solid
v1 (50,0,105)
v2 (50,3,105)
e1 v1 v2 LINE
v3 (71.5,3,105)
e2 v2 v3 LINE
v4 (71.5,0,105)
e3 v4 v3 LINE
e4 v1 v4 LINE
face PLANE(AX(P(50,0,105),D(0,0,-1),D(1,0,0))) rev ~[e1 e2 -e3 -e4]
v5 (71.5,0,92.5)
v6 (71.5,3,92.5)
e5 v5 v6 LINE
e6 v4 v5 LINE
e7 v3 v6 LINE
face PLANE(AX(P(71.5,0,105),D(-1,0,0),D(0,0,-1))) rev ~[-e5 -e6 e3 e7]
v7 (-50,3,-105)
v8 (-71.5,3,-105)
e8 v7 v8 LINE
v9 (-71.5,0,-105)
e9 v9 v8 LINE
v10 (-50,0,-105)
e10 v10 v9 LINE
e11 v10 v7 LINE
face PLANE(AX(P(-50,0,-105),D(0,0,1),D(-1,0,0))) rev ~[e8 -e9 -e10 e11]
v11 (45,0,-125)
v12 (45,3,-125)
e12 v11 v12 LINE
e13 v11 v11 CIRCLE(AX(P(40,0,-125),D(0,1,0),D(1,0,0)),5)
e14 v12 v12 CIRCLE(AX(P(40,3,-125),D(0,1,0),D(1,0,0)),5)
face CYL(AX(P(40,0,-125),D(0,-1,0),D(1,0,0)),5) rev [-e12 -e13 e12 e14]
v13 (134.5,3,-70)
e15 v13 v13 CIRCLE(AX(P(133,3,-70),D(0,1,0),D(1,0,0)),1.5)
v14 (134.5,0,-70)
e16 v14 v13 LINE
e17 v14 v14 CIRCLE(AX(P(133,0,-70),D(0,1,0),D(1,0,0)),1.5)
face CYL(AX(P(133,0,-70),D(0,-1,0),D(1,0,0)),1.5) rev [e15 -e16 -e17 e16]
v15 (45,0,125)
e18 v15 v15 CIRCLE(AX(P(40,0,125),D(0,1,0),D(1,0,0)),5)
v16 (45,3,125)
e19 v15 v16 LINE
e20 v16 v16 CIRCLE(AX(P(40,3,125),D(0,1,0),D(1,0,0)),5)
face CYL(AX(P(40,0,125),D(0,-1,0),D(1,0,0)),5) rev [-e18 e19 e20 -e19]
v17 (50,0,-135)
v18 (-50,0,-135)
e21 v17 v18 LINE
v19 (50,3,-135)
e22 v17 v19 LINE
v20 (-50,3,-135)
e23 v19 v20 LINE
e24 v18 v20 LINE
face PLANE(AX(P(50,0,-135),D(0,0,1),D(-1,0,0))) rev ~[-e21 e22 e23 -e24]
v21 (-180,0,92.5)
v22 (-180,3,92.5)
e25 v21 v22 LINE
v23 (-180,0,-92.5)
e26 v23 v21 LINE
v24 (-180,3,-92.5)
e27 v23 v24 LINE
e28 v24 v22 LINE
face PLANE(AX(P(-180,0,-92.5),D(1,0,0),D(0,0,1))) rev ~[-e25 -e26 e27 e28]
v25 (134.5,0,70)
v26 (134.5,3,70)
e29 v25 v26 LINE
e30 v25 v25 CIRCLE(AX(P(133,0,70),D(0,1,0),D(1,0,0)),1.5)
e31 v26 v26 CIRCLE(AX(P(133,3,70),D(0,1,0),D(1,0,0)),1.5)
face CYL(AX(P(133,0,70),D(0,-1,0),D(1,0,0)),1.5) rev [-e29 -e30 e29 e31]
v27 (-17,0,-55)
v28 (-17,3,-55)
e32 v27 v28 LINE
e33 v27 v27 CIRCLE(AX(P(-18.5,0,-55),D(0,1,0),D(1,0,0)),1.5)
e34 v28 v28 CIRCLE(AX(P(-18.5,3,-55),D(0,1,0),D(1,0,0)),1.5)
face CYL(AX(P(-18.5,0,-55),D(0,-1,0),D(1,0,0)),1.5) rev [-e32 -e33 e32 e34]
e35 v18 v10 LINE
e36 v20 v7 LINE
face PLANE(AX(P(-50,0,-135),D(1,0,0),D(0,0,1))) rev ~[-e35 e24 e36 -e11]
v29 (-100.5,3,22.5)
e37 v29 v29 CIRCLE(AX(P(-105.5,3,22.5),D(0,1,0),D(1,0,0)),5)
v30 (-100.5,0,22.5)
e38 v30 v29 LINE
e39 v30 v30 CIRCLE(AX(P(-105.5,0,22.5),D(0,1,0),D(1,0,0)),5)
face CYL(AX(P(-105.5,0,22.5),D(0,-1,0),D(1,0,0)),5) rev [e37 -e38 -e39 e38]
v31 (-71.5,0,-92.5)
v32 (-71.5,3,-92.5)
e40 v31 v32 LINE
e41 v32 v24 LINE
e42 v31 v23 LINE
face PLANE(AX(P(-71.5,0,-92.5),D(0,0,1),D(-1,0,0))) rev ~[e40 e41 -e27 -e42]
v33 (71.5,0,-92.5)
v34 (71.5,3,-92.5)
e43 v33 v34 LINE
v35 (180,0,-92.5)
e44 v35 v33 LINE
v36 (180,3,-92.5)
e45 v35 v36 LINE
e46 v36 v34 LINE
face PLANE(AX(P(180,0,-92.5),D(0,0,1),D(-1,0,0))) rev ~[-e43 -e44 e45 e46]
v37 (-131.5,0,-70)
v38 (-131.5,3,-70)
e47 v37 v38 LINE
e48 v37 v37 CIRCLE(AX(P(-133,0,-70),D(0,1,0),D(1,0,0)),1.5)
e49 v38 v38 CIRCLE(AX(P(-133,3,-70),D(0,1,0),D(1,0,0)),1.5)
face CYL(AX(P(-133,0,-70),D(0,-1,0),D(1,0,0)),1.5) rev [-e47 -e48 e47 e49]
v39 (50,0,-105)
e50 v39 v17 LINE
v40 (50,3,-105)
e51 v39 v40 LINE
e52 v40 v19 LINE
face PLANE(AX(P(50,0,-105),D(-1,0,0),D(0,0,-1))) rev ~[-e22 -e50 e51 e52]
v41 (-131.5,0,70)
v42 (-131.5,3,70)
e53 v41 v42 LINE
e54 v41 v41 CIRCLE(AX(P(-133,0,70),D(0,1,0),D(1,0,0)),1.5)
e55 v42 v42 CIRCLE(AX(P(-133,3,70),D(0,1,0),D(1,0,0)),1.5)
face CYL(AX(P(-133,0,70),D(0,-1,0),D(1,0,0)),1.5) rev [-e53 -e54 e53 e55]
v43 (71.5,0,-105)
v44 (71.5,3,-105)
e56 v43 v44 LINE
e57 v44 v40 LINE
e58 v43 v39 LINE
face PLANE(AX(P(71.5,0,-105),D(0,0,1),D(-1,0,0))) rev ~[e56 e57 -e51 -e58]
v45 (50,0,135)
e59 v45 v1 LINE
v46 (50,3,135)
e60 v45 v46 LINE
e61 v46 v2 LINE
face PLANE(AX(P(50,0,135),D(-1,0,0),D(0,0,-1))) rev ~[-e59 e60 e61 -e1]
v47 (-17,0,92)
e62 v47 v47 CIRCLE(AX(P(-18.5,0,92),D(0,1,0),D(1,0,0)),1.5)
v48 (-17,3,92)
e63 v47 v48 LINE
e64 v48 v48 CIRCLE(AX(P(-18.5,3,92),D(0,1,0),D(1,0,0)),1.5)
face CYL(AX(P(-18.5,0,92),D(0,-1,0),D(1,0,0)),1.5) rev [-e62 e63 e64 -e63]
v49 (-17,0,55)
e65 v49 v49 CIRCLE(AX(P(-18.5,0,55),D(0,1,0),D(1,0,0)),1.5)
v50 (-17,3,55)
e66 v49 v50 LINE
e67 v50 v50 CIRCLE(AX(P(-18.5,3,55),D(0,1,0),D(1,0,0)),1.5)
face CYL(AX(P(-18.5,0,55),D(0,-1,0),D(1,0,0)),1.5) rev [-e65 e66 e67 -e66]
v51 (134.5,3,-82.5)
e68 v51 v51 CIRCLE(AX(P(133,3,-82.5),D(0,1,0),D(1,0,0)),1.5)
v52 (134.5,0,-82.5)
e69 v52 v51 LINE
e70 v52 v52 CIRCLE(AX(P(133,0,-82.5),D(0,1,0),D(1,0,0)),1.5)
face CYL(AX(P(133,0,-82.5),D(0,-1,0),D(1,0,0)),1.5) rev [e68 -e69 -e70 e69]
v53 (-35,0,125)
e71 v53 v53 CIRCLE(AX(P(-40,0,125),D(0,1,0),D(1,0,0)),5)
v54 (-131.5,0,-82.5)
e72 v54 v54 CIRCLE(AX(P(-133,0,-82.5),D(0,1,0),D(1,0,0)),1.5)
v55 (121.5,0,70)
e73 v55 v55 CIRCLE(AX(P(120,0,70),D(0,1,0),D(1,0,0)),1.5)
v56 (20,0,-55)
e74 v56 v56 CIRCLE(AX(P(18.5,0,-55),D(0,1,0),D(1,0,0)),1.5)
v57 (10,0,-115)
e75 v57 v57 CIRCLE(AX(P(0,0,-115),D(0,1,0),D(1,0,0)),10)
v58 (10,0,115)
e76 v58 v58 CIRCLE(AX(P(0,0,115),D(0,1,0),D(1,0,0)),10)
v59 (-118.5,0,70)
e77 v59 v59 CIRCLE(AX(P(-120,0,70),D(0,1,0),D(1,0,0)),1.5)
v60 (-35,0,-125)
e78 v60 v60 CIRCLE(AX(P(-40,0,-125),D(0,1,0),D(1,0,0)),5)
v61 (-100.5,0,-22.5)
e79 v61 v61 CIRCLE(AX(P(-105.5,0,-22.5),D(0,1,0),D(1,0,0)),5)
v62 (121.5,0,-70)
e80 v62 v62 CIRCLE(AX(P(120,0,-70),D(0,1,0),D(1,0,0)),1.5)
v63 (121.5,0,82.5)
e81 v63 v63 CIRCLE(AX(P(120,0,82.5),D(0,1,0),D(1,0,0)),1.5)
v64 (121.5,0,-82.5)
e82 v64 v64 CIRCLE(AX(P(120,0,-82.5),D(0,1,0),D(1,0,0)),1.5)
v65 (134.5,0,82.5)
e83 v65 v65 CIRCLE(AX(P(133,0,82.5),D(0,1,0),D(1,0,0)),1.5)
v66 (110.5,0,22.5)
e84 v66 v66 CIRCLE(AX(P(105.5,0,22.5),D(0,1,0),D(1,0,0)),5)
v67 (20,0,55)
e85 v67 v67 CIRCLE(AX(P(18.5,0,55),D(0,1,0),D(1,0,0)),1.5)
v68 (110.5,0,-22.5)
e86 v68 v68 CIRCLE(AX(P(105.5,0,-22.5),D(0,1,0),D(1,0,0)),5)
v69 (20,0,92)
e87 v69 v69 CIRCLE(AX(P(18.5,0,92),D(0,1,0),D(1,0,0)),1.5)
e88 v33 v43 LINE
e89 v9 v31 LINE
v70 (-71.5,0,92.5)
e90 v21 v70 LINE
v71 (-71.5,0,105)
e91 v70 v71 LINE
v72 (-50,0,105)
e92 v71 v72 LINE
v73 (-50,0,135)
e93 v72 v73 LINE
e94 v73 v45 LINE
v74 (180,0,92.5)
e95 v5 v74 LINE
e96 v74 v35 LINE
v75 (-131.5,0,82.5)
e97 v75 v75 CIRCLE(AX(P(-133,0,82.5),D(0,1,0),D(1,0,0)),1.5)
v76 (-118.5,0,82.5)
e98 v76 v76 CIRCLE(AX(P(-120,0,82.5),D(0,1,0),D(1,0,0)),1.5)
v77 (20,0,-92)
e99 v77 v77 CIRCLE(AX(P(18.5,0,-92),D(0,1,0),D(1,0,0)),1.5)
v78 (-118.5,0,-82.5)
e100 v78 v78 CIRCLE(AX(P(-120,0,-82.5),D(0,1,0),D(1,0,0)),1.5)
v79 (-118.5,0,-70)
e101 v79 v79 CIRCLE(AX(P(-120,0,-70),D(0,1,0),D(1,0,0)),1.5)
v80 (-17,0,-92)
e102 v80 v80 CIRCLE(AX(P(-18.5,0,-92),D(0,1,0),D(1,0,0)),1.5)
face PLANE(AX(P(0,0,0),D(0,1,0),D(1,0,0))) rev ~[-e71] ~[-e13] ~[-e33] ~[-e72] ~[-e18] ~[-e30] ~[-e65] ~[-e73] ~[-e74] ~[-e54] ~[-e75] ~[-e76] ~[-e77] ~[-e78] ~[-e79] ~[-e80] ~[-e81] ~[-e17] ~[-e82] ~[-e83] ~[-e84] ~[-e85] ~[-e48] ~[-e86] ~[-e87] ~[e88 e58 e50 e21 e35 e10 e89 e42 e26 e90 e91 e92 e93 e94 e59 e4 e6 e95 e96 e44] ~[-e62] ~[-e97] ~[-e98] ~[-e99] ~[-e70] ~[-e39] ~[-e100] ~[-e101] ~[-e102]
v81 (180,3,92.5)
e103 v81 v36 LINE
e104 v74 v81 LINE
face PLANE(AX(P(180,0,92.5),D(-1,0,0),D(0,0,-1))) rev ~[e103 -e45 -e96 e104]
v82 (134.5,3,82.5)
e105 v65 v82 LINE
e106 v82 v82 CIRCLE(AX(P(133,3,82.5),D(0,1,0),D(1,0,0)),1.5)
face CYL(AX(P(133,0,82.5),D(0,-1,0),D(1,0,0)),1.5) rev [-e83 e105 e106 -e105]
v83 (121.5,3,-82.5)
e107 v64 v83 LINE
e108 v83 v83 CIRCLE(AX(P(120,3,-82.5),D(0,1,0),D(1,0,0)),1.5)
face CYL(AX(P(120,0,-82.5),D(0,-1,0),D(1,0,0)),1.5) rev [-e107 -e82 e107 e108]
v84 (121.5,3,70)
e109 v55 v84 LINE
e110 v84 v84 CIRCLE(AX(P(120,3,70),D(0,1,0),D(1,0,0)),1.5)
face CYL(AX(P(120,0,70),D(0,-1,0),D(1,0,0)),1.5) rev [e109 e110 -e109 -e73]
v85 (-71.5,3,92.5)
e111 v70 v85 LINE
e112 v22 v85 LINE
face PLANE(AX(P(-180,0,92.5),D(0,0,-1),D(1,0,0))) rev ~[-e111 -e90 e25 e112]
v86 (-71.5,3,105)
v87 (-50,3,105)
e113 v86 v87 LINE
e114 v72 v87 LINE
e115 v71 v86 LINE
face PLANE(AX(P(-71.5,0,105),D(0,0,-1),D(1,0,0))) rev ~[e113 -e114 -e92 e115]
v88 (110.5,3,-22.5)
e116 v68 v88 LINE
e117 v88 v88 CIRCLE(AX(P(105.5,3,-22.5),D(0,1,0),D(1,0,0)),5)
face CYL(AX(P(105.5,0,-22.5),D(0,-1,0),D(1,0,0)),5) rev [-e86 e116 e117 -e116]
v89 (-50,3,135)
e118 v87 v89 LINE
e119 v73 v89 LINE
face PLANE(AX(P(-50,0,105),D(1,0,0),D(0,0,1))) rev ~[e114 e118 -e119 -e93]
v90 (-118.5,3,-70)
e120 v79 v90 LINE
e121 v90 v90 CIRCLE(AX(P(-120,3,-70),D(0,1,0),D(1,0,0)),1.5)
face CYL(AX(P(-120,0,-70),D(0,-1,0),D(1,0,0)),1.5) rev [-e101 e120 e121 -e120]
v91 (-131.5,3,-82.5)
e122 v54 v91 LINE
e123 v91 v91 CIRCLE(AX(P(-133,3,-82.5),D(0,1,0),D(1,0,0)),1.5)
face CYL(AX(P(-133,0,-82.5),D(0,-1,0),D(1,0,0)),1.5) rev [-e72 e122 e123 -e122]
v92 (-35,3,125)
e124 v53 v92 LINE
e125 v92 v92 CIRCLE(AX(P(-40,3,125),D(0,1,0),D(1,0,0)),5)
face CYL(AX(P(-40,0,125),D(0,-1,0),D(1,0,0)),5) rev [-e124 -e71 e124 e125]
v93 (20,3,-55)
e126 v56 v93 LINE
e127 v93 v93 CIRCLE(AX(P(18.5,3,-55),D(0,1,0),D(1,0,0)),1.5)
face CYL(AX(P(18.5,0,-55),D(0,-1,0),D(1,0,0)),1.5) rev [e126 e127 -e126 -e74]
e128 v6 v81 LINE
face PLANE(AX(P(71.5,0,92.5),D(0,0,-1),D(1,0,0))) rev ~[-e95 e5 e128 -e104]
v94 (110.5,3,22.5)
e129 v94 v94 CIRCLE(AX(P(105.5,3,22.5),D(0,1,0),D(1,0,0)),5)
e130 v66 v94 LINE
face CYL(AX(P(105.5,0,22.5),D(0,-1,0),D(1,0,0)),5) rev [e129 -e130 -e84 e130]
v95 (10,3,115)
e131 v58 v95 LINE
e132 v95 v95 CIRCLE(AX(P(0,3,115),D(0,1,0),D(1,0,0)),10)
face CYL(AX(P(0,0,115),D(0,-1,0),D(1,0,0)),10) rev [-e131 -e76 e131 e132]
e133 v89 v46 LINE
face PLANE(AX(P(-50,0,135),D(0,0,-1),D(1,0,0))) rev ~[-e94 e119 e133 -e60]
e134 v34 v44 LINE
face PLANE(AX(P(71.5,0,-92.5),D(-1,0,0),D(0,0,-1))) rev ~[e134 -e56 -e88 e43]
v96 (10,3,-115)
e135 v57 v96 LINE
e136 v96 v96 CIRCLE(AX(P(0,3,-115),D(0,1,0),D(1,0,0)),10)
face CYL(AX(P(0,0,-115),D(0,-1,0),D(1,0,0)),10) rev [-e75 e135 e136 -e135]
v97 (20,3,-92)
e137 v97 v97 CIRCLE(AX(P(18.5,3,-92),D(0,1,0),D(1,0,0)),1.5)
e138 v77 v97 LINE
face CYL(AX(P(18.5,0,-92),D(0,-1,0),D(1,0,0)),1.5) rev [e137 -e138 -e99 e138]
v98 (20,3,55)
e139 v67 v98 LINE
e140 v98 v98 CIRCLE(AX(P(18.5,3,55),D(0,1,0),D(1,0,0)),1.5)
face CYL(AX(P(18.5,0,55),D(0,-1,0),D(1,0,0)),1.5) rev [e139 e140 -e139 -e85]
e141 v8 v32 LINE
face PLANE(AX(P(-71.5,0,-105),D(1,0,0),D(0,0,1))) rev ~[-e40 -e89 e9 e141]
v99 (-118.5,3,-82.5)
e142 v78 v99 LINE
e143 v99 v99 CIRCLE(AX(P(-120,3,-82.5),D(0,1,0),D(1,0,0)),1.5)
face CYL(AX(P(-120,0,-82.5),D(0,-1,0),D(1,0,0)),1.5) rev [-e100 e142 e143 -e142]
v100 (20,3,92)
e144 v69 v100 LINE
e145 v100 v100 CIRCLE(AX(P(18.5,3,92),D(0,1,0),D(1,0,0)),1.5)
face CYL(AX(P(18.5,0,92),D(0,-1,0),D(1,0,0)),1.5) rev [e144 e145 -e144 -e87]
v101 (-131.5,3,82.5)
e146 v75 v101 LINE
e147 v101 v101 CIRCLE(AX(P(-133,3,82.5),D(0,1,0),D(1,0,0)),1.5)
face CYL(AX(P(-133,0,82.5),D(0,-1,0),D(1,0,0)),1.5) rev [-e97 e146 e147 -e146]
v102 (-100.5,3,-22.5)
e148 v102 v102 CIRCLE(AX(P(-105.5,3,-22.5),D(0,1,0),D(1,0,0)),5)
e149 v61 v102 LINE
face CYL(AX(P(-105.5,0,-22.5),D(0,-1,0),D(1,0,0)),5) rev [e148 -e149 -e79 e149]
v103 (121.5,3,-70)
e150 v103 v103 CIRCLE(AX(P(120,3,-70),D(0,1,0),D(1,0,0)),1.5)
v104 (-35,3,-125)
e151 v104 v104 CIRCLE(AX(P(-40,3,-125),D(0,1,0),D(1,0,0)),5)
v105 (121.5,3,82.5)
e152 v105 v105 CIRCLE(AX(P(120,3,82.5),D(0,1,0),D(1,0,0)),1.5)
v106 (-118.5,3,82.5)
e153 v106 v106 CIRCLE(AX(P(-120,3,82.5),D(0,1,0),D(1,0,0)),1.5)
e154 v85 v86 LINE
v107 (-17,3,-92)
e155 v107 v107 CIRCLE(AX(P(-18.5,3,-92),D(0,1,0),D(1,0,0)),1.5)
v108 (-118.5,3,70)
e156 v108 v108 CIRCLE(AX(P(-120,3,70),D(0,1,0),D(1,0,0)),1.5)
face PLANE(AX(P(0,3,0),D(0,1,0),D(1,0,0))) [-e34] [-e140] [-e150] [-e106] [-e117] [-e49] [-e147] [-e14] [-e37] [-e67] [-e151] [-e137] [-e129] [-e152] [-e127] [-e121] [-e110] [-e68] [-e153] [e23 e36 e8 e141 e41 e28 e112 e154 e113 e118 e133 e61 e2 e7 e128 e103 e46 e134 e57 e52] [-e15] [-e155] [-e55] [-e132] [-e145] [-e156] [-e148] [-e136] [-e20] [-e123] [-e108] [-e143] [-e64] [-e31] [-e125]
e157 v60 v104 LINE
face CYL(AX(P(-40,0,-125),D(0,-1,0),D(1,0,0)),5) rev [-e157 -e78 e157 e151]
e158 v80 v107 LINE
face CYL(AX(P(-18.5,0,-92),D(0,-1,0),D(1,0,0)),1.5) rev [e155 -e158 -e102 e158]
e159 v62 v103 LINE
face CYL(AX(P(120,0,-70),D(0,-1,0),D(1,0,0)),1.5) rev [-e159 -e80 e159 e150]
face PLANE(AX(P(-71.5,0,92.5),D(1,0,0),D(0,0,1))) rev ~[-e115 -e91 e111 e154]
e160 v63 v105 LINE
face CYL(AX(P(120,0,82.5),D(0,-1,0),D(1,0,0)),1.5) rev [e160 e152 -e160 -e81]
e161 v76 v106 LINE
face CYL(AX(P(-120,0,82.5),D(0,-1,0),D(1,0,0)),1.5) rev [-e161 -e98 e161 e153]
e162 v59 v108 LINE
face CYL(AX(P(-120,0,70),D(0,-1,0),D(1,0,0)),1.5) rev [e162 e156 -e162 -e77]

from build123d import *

# Parameters (mm, degrees)
SKETCH1_R           = 1.5
SKETCH1_R_2         = 5
SKETCH1_R_3         = 10
BOSS_EXTRUDE2_DEPTH = 3


with BuildPart() as part:
    # Sketch1 → Boss-Extrude2 (new body)
    with BuildSketch(Plane(origin=(0, 0, 0), x_dir=(1, 0, 0), z_dir=(0, 1, 0))):
        Polygon((-71.5, 92.5), (-180, 92.5), (-180, -92.5), (-71.5, -92.5), (-71.5, -105), (-50, -105), (-50, -135), (50, -135), (50, -105), (71.5, -105), (71.5, -92.5), (180, -92.5), (180, 92.5), (71.5, 92.5), (71.5, 105), (50, 105), (50, 135), (-50, 135), (-50, 105), (-71.5, 105), align=None)
        with Locations((133, -70)):
            Circle(SKETCH1_R, mode=Mode.SUBTRACT)
        with Locations((120, -70)):
            Circle(SKETCH1_R, mode=Mode.SUBTRACT)
        with Locations((133, -82.5)):
            Circle(SKETCH1_R, mode=Mode.SUBTRACT)
        with Locations((120, -82.5)):
            Circle(SKETCH1_R, mode=Mode.SUBTRACT)
        with Locations((-120, -82.5)):
            Circle(SKETCH1_R, mode=Mode.SUBTRACT)
        with Locations((-133, -82.5)):
            Circle(SKETCH1_R, mode=Mode.SUBTRACT)
        with Locations((-120, -70)):
            Circle(SKETCH1_R, mode=Mode.SUBTRACT)
        with Locations((-133, -70)):
            Circle(SKETCH1_R, mode=Mode.SUBTRACT)
        with Locations((-133, 70)):
            Circle(SKETCH1_R, mode=Mode.SUBTRACT)
        with Locations((-120, 70)):
            Circle(SKETCH1_R, mode=Mode.SUBTRACT)
        with Locations((-133, 82.5)):
            Circle(SKETCH1_R, mode=Mode.SUBTRACT)
        with Locations((-120, 82.5)):
            Circle(SKETCH1_R, mode=Mode.SUBTRACT)
        with Locations((133, 82.5)):
            Circle(SKETCH1_R, mode=Mode.SUBTRACT)
        with Locations((120, 82.5)):
            Circle(SKETCH1_R, mode=Mode.SUBTRACT)
        with Locations((120, 70)):
            Circle(SKETCH1_R, mode=Mode.SUBTRACT)
        with Locations((133, 70)):
            Circle(SKETCH1_R, mode=Mode.SUBTRACT)
        with Locations((105.5, 22.5)):
            Circle(SKETCH1_R_2, mode=Mode.SUBTRACT)
        with Locations((105.5, -22.5)):
            Circle(SKETCH1_R_2, mode=Mode.SUBTRACT)
        with Locations((-105.5, -22.5)):
            Circle(SKETCH1_R_2, mode=Mode.SUBTRACT)
        with Locations((-105.5, 22.5)):
            Circle(SKETCH1_R_2, mode=Mode.SUBTRACT)
        with Locations((18.5, -55)):
            Circle(SKETCH1_R, mode=Mode.SUBTRACT)
        with Locations((-18.5, -55)):
            Circle(SKETCH1_R, mode=Mode.SUBTRACT)
        with Locations((18.5, -92)):
            Circle(SKETCH1_R, mode=Mode.SUBTRACT)
        with Locations((-18.5, -92)):
            Circle(SKETCH1_R, mode=Mode.SUBTRACT)
        with Locations((18.5, 92)):
            Circle(SKETCH1_R, mode=Mode.SUBTRACT)
        with Locations((-18.5, 92)):
            Circle(SKETCH1_R, mode=Mode.SUBTRACT)
        with Locations((-18.5, 55)):
            Circle(SKETCH1_R, mode=Mode.SUBTRACT)
        with Locations((18.5, 55)):
            Circle(SKETCH1_R, mode=Mode.SUBTRACT)
        with Locations((-40, -125)):
            Circle(SKETCH1_R_2, mode=Mode.SUBTRACT)
        with Locations((40, -125)):
            Circle(SKETCH1_R_2, mode=Mode.SUBTRACT)
        with Locations((40, 125)):
            Circle(SKETCH1_R_2, mode=Mode.SUBTRACT)
        with Locations((-40, 125)):
            Circle(SKETCH1_R_2, mode=Mode.SUBTRACT)
        with Locations((0, 115)):
            Circle(SKETCH1_R_3, mode=Mode.SUBTRACT)
        with Locations((0, -115)):
            Circle(SKETCH1_R_3, mode=Mode.SUBTRACT)
    extrude(amount=BOSS_EXTRUDE2_DEPTH)


solid = part.part
